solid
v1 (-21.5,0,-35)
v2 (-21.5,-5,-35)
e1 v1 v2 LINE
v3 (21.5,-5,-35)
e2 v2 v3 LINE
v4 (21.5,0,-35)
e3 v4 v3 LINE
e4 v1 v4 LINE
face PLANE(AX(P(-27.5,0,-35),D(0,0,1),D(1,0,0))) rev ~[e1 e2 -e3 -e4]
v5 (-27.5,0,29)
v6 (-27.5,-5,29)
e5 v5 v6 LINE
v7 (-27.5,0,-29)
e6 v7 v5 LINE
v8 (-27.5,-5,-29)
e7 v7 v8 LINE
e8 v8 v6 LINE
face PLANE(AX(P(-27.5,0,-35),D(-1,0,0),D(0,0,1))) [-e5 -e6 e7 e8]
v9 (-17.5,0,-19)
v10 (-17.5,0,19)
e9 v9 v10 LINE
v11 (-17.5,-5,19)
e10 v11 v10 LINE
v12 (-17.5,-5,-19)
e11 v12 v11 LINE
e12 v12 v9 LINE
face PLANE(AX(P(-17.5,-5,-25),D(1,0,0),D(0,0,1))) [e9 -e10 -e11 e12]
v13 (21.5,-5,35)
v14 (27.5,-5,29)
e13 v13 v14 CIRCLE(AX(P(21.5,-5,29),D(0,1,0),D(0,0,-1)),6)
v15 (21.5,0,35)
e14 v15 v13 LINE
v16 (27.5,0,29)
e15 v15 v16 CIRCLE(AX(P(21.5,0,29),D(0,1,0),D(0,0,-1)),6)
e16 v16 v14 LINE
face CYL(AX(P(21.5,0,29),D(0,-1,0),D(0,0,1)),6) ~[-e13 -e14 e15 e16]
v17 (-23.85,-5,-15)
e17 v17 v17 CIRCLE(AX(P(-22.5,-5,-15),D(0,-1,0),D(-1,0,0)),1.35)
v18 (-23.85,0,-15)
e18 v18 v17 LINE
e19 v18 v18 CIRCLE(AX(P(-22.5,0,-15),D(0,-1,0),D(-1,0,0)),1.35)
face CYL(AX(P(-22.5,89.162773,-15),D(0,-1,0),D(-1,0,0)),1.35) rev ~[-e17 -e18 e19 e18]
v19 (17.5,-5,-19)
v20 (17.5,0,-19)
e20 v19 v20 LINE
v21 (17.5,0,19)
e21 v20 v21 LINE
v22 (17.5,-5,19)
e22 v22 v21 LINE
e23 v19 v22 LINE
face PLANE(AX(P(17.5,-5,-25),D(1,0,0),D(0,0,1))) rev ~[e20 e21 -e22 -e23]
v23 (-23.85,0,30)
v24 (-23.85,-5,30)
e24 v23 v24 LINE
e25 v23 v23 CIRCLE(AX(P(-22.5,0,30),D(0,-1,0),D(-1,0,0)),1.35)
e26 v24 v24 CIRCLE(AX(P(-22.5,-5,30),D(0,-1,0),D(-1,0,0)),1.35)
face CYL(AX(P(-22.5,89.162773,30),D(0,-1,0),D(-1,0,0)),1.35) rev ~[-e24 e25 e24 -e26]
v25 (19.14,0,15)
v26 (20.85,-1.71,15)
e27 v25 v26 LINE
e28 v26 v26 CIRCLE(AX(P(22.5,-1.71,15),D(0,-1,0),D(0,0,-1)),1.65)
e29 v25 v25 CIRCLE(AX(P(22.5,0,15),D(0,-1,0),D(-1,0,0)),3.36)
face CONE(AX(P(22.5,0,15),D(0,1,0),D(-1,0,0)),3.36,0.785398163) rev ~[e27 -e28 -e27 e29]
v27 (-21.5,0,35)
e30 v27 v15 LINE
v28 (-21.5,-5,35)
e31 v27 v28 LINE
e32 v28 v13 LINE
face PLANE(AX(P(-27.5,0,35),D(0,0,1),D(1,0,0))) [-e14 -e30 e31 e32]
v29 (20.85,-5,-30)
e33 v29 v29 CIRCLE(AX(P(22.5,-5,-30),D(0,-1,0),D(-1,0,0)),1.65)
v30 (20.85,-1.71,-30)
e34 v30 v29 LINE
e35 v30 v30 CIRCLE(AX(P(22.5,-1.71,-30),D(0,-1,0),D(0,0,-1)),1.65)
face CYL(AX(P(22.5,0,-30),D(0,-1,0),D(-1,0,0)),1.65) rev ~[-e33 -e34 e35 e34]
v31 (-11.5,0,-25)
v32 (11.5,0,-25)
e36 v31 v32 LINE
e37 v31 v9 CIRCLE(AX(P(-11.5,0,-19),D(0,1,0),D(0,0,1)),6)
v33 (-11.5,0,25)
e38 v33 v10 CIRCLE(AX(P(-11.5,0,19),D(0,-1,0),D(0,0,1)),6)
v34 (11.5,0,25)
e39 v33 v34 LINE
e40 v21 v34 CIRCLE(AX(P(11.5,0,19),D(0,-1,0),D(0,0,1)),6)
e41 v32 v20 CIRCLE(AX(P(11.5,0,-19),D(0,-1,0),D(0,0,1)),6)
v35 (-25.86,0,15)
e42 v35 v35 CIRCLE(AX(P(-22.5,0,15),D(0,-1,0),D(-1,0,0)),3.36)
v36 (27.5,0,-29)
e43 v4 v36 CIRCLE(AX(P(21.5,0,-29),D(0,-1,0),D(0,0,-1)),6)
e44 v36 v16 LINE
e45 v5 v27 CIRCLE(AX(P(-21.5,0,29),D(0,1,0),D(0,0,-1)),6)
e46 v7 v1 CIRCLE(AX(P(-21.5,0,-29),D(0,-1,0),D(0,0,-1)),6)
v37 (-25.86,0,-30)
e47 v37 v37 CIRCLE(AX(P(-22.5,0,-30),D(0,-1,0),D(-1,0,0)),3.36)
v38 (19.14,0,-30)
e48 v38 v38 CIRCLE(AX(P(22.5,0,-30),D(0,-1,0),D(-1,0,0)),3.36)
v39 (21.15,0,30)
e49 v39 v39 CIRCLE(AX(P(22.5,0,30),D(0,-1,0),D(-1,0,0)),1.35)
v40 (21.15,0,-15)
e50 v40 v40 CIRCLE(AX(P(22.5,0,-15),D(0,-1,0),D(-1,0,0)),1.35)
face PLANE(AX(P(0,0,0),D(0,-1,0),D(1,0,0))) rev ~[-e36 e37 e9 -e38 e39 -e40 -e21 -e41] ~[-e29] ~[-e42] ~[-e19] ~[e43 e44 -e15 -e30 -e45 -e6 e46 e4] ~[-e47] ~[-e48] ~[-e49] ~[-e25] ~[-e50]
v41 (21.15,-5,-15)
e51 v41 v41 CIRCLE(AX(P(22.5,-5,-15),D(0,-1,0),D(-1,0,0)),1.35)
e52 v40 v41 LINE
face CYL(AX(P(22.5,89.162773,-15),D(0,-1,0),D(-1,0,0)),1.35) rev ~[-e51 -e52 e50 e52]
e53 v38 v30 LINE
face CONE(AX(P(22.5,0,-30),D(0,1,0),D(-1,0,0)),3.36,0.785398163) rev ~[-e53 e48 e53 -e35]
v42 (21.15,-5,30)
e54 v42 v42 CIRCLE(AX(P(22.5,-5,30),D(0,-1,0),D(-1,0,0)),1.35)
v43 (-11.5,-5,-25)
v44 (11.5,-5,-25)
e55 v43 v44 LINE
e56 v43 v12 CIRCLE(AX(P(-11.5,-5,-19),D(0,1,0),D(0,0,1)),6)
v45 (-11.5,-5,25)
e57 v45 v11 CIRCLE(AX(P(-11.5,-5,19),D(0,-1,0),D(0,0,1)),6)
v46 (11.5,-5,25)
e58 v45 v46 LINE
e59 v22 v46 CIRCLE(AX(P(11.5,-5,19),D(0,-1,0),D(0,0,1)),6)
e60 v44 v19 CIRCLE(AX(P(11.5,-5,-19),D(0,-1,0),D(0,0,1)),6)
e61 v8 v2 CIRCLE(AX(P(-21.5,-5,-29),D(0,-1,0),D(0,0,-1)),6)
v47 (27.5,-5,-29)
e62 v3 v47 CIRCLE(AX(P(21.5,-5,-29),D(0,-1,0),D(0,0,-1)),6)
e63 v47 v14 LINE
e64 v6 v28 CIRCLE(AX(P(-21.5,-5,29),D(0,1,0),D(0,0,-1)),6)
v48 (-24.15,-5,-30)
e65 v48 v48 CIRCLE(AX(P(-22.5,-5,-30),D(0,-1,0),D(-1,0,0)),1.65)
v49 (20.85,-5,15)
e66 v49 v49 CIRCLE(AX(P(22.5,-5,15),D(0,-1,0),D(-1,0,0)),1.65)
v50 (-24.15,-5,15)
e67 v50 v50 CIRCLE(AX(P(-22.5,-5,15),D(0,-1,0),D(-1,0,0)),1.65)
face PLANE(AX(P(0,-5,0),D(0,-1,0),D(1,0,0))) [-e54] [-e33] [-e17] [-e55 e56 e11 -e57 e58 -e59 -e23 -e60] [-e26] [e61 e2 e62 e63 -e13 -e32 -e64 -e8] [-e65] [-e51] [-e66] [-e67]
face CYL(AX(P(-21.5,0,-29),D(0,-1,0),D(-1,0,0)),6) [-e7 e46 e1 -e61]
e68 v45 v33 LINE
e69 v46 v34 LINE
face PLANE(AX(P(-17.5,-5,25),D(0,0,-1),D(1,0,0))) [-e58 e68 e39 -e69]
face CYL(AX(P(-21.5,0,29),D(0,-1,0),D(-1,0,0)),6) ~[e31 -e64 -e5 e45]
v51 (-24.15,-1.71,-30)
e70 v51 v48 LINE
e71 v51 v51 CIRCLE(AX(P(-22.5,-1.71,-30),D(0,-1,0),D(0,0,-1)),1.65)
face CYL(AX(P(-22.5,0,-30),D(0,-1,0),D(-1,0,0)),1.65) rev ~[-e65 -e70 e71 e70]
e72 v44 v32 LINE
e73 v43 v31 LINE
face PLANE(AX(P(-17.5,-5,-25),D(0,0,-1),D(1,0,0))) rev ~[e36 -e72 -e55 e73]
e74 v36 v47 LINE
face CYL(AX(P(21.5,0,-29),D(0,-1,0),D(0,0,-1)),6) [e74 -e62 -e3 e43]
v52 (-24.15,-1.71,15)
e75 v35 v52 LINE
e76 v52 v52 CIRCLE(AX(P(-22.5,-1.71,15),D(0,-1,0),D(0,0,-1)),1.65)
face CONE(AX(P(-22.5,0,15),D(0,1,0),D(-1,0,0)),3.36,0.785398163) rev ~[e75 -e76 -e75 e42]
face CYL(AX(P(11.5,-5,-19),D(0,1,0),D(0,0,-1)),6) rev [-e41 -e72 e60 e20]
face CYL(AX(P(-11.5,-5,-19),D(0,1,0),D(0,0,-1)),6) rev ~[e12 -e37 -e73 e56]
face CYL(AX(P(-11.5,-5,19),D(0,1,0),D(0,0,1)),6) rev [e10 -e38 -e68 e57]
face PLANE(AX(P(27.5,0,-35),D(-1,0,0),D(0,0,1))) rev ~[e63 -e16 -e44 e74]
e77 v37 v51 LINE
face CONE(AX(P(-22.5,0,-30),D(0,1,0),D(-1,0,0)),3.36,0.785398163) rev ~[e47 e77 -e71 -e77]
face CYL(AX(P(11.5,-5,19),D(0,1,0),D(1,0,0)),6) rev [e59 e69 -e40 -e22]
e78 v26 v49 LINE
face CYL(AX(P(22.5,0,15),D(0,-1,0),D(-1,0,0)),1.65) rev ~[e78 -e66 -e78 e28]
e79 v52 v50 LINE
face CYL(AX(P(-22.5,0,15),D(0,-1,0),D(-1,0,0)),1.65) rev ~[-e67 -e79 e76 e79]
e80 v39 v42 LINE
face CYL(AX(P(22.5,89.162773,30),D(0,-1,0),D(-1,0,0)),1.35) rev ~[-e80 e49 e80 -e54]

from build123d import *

# Parameters (mm, degrees)
F0_W           = 55
F0_H           = 70
F1_DEPTH       = 5
F2_D           = 3.3
F2_CSINK_D     = 6.72
F2_CSINK_ANGLE = 90
F3_D           = 2.7
F4_W           = 35
F4_H           = 50
F5_DEPTH       = 5
F6_R           = 6


with BuildPart() as f1:
    # F0 (on Front) → F1 (new body)
    with BuildSketch(Plane.XZ):
        Rectangle(F0_W, F0_H)
    extrude(amount=F1_DEPTH)

    # F2 (through all)
    with Locations(Plane(origin=(0, 0, 0), x_dir=(1, 0, 0), z_dir=(0, 1, 0))):
        with Locations((22.5, -15), (22.5, 30), (-22.5, 30), (-22.5, -15)):
            CounterSinkHole(F2_D / 2, F2_CSINK_D / 2, counter_sink_angle=F2_CSINK_ANGLE)

    # F3 (through all)
    with Locations(Plane(origin=(0, 0, 0), x_dir=(1, 0, 0), z_dir=(0, 1, 0))):
        with Locations((22.5, -30), (-22.5, -30), (-22.5, 15), (22.5, 15)):
            Hole(F3_D / 2)

    # F4 (on face) → F5 (cut, through all)
    with BuildSketch(Plane.XZ.offset(5)):
        Rectangle(F4_W, F4_H)
    extrude(amount=-F5_DEPTH, mode=Mode.SUBTRACT)

    # F6
    f6_edges = [f1.edges().sort_by_distance(p)[0] for p in [
        (-27.5, -2.5, 35),
        (-27.5, -2.5, -35),
        (27.5, -2.5, 35),
        (27.5, -2.5, -35),
        (-17.5, -2.5, -25),
        (17.5, -2.5, 25),
        (17.5, -2.5, -25),
        (-17.5, -2.5, 25),
    ]]
    fillet(f6_edges, radius=F6_R)


solid = f1.part
